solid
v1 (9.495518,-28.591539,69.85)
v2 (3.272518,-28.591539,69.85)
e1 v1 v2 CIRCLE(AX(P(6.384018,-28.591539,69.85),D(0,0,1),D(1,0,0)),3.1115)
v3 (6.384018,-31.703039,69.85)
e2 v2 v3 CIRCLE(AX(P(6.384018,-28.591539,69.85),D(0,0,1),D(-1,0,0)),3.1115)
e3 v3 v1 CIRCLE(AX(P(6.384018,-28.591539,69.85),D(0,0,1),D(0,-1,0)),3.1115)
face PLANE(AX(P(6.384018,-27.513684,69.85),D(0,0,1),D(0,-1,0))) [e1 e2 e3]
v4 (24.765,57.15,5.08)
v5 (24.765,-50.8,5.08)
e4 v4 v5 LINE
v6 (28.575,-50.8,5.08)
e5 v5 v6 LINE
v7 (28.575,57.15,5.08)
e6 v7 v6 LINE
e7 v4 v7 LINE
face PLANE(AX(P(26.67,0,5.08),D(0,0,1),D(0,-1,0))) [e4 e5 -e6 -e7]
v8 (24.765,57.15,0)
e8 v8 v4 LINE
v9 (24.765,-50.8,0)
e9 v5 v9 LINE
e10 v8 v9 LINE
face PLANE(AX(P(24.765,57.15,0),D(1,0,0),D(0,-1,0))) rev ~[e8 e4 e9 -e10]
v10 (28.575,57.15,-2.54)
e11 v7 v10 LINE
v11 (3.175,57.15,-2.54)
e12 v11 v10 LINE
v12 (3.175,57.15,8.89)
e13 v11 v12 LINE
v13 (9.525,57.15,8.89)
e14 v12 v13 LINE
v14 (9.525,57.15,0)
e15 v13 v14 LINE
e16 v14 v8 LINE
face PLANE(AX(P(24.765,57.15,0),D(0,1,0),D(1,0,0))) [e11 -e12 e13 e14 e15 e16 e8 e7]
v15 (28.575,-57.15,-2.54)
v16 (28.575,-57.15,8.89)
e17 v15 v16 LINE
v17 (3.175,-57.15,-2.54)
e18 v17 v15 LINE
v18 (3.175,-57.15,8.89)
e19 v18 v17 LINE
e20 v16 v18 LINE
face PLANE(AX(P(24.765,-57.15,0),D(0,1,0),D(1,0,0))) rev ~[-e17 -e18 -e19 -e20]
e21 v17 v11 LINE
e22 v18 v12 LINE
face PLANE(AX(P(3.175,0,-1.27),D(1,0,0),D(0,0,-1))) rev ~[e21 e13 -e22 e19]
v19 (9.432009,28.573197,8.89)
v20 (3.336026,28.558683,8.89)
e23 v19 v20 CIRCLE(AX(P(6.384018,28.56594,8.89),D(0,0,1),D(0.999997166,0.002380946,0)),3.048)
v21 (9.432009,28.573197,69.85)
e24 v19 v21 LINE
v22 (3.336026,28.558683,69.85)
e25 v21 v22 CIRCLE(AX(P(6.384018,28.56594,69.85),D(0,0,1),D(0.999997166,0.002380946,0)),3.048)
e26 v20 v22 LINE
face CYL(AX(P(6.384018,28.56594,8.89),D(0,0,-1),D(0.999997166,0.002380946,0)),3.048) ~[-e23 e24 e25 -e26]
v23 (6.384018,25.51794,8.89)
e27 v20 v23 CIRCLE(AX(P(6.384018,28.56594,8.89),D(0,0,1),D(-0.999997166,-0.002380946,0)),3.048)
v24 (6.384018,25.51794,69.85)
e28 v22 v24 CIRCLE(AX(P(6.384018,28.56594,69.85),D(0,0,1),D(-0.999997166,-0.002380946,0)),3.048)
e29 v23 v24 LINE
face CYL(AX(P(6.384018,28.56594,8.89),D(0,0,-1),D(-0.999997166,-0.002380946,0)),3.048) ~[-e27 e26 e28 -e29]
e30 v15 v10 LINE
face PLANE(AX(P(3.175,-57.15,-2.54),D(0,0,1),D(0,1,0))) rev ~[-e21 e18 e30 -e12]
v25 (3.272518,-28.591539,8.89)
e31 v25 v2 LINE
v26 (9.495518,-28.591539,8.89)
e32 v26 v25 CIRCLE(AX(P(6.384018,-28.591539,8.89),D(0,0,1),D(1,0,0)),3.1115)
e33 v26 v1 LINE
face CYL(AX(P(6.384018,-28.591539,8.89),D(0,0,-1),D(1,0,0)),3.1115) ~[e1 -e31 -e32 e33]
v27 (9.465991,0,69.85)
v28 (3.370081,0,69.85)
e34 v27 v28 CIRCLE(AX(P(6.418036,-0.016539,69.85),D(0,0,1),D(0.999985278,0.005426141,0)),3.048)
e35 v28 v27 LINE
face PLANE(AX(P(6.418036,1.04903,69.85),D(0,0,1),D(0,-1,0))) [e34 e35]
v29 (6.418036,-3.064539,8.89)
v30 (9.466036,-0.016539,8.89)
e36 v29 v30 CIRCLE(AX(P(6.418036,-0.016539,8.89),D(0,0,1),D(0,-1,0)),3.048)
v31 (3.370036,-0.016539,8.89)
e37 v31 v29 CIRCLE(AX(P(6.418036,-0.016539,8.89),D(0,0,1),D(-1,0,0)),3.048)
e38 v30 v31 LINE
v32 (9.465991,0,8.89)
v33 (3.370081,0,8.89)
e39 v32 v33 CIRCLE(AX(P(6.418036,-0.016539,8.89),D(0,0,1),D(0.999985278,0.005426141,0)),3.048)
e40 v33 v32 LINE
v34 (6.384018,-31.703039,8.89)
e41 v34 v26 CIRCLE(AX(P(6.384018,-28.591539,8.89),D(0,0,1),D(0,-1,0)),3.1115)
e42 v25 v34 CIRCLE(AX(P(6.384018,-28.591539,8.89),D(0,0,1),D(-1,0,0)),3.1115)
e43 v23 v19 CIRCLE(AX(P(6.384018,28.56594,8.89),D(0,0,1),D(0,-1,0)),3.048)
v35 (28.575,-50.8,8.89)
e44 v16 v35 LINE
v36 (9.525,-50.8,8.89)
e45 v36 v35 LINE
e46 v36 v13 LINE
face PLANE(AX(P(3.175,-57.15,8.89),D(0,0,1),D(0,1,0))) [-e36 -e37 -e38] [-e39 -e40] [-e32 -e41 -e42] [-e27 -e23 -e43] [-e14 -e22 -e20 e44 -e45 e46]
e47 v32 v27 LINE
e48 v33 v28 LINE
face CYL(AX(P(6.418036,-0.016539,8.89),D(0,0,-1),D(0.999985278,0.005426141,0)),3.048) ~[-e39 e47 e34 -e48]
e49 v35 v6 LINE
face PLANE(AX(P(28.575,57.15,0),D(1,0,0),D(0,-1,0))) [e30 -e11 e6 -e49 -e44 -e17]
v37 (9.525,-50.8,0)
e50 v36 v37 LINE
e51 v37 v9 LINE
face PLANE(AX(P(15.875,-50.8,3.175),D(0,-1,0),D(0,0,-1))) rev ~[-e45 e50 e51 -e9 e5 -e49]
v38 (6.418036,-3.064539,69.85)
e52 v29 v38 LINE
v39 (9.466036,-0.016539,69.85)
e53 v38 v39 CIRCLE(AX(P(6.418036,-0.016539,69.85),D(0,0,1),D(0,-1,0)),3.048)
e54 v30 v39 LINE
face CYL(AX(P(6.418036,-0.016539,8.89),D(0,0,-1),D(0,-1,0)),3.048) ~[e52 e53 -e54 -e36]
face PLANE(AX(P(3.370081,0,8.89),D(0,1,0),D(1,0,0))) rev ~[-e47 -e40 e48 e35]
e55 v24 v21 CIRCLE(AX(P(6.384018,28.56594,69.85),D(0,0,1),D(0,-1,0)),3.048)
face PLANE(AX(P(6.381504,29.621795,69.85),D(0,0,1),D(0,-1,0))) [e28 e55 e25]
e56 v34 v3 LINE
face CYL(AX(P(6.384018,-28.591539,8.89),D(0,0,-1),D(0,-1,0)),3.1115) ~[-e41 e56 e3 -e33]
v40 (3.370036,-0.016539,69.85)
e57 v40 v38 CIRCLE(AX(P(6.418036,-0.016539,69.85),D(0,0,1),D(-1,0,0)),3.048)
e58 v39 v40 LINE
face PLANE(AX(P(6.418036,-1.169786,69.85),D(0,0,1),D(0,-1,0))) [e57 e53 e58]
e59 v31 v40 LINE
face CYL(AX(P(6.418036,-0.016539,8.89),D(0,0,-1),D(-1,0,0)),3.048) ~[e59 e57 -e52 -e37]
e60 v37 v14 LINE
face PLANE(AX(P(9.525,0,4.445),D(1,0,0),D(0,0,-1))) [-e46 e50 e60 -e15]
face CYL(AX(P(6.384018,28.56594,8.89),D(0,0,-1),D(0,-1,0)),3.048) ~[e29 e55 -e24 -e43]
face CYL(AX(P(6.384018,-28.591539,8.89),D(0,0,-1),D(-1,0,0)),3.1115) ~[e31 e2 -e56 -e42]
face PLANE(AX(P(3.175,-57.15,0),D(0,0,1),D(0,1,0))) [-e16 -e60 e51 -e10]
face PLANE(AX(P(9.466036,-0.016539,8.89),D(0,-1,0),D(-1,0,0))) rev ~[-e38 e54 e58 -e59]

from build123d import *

# Parameters (mm, degrees)
F0_W     = 8.89
F0_H     = 114.3
F1_DEPTH = 6.35
F0_W_2   = 2.54
F2_DEPTH = 25.4
F3_W     = 114.3
F3_H     = 3.81
F4_DEPTH = 5.08
F6_DEPTH = 60.96
F7_W     = 11.43
F7_H     = 25.4
F8_DEPTH = 6.35
F9_ANGLE = 270


with BuildPart() as f1:
    # F0 (on Top) → F1 (new body)
    with BuildSketch(Plane.XY):
        with Locations((-1.27, 0)):
            Rectangle(F0_W, F0_H)
    extrude(amount=F1_DEPTH)

    # F0 (on Top) → F2 (join)
    with BuildSketch(Plane.XY):
        with Locations((4.445, 0)):
            Rectangle(F0_W_2, F0_H)
    extrude(amount=F2_DEPTH)

    # F3 (on face) → F4 (join)
    with BuildSketch(Plane(origin=(3.175, 0, 0), x_dir=(0, -1, 0), z_dir=(-1, 0, 0))):
        with Locations((0, 23.495)):
            Rectangle(F3_W, F3_H)
    extrude(amount=F4_DEPTH)

    # F5 (on face) → F6 (join)
    with BuildSketch(Plane(origin=(-5.715, 0, 0), x_dir=(0, -1, 0), z_dir=(-1, 0, 0))):
        with BuildLine():
            ThreePointArc((-28.5731967743, 6.2570092164), (-31.6139310129, 3.2017607338), (-28.5586825303, 0.1610264952))
            Line((-28.5586825303, 0.1610264952), (-28.5731967743, 6.2570092164))
        make_face()
        with BuildLine():
            Line((-28.5731967743, 6.2570092164), (-28.5586825303, 0.1610264952))
            ThreePointArc((-28.5586825303, 0.1610264952), (-26.4081139286, 1.0563236959), (-25.5179396523, 3.2090178558))
            ThreePointArc((-25.5179396523, 3.2090178558), (-26.4132454924, 5.3668435795), (-28.5731967743, 6.2570092164))
        make_face()
        with BuildLine():
            ThreePointArc((28.5915388763, 6.3205178558), (25.4800388763, 3.2090178558), (28.5915388763, 0.0975178558))
            Line((28.5915388763, 0.0975178558), (28.5915388763, 6.3205178558))
        make_face()
        with BuildLine():
            Line((28.5915388763, 6.3205178558), (28.5915388763, 0.0975178558))
            ThreePointArc((28.5915388763, 0.0975178558), (30.791701626, 1.0088551061), (31.7030388763, 3.2090178558))
            ThreePointArc((31.7030388763, 3.2090178558), (30.791701626, 5.4091806055), (28.5915388763, 6.3205178558))
        make_face()
        with BuildLine():
            ThreePointArc((0, 6.2909908401), (-3.0314611237, 3.2430357116), (0, 0.1950805831))
            Line((0, 0.1950805831), (0, 6.2909908401))
        make_face()
        with BuildLine():
            Line((0.0165388763, 6.2910357116), (0.0165388763, 0.1950357116))
            ThreePointArc((0.0165388763, 0.1950357116), (2.1718003454, 1.0877742425), (3.0645388763, 3.2430357116))
            ThreePointArc((3.0645388763, 3.2430357116), (2.1718003454, 5.3982971806), (0.0165388763, 6.2910357116))
        make_face()
    extrude(amount=F6_DEPTH)

    # F7 (on face) → F8 (join)
    with BuildSketch(Plane.XZ.offset(57.15)):
        with Locations((0, 12.7)):
            Rectangle(F7_W, F7_H)
    extrude(amount=-F8_DEPTH)


with BuildPart() as f1_1:
    # F9: moved
    add(f1.part.rotate(Axis((3.175, 0, 0), (0, -1, 0)), F9_ANGLE))


solid = f1_1.part
